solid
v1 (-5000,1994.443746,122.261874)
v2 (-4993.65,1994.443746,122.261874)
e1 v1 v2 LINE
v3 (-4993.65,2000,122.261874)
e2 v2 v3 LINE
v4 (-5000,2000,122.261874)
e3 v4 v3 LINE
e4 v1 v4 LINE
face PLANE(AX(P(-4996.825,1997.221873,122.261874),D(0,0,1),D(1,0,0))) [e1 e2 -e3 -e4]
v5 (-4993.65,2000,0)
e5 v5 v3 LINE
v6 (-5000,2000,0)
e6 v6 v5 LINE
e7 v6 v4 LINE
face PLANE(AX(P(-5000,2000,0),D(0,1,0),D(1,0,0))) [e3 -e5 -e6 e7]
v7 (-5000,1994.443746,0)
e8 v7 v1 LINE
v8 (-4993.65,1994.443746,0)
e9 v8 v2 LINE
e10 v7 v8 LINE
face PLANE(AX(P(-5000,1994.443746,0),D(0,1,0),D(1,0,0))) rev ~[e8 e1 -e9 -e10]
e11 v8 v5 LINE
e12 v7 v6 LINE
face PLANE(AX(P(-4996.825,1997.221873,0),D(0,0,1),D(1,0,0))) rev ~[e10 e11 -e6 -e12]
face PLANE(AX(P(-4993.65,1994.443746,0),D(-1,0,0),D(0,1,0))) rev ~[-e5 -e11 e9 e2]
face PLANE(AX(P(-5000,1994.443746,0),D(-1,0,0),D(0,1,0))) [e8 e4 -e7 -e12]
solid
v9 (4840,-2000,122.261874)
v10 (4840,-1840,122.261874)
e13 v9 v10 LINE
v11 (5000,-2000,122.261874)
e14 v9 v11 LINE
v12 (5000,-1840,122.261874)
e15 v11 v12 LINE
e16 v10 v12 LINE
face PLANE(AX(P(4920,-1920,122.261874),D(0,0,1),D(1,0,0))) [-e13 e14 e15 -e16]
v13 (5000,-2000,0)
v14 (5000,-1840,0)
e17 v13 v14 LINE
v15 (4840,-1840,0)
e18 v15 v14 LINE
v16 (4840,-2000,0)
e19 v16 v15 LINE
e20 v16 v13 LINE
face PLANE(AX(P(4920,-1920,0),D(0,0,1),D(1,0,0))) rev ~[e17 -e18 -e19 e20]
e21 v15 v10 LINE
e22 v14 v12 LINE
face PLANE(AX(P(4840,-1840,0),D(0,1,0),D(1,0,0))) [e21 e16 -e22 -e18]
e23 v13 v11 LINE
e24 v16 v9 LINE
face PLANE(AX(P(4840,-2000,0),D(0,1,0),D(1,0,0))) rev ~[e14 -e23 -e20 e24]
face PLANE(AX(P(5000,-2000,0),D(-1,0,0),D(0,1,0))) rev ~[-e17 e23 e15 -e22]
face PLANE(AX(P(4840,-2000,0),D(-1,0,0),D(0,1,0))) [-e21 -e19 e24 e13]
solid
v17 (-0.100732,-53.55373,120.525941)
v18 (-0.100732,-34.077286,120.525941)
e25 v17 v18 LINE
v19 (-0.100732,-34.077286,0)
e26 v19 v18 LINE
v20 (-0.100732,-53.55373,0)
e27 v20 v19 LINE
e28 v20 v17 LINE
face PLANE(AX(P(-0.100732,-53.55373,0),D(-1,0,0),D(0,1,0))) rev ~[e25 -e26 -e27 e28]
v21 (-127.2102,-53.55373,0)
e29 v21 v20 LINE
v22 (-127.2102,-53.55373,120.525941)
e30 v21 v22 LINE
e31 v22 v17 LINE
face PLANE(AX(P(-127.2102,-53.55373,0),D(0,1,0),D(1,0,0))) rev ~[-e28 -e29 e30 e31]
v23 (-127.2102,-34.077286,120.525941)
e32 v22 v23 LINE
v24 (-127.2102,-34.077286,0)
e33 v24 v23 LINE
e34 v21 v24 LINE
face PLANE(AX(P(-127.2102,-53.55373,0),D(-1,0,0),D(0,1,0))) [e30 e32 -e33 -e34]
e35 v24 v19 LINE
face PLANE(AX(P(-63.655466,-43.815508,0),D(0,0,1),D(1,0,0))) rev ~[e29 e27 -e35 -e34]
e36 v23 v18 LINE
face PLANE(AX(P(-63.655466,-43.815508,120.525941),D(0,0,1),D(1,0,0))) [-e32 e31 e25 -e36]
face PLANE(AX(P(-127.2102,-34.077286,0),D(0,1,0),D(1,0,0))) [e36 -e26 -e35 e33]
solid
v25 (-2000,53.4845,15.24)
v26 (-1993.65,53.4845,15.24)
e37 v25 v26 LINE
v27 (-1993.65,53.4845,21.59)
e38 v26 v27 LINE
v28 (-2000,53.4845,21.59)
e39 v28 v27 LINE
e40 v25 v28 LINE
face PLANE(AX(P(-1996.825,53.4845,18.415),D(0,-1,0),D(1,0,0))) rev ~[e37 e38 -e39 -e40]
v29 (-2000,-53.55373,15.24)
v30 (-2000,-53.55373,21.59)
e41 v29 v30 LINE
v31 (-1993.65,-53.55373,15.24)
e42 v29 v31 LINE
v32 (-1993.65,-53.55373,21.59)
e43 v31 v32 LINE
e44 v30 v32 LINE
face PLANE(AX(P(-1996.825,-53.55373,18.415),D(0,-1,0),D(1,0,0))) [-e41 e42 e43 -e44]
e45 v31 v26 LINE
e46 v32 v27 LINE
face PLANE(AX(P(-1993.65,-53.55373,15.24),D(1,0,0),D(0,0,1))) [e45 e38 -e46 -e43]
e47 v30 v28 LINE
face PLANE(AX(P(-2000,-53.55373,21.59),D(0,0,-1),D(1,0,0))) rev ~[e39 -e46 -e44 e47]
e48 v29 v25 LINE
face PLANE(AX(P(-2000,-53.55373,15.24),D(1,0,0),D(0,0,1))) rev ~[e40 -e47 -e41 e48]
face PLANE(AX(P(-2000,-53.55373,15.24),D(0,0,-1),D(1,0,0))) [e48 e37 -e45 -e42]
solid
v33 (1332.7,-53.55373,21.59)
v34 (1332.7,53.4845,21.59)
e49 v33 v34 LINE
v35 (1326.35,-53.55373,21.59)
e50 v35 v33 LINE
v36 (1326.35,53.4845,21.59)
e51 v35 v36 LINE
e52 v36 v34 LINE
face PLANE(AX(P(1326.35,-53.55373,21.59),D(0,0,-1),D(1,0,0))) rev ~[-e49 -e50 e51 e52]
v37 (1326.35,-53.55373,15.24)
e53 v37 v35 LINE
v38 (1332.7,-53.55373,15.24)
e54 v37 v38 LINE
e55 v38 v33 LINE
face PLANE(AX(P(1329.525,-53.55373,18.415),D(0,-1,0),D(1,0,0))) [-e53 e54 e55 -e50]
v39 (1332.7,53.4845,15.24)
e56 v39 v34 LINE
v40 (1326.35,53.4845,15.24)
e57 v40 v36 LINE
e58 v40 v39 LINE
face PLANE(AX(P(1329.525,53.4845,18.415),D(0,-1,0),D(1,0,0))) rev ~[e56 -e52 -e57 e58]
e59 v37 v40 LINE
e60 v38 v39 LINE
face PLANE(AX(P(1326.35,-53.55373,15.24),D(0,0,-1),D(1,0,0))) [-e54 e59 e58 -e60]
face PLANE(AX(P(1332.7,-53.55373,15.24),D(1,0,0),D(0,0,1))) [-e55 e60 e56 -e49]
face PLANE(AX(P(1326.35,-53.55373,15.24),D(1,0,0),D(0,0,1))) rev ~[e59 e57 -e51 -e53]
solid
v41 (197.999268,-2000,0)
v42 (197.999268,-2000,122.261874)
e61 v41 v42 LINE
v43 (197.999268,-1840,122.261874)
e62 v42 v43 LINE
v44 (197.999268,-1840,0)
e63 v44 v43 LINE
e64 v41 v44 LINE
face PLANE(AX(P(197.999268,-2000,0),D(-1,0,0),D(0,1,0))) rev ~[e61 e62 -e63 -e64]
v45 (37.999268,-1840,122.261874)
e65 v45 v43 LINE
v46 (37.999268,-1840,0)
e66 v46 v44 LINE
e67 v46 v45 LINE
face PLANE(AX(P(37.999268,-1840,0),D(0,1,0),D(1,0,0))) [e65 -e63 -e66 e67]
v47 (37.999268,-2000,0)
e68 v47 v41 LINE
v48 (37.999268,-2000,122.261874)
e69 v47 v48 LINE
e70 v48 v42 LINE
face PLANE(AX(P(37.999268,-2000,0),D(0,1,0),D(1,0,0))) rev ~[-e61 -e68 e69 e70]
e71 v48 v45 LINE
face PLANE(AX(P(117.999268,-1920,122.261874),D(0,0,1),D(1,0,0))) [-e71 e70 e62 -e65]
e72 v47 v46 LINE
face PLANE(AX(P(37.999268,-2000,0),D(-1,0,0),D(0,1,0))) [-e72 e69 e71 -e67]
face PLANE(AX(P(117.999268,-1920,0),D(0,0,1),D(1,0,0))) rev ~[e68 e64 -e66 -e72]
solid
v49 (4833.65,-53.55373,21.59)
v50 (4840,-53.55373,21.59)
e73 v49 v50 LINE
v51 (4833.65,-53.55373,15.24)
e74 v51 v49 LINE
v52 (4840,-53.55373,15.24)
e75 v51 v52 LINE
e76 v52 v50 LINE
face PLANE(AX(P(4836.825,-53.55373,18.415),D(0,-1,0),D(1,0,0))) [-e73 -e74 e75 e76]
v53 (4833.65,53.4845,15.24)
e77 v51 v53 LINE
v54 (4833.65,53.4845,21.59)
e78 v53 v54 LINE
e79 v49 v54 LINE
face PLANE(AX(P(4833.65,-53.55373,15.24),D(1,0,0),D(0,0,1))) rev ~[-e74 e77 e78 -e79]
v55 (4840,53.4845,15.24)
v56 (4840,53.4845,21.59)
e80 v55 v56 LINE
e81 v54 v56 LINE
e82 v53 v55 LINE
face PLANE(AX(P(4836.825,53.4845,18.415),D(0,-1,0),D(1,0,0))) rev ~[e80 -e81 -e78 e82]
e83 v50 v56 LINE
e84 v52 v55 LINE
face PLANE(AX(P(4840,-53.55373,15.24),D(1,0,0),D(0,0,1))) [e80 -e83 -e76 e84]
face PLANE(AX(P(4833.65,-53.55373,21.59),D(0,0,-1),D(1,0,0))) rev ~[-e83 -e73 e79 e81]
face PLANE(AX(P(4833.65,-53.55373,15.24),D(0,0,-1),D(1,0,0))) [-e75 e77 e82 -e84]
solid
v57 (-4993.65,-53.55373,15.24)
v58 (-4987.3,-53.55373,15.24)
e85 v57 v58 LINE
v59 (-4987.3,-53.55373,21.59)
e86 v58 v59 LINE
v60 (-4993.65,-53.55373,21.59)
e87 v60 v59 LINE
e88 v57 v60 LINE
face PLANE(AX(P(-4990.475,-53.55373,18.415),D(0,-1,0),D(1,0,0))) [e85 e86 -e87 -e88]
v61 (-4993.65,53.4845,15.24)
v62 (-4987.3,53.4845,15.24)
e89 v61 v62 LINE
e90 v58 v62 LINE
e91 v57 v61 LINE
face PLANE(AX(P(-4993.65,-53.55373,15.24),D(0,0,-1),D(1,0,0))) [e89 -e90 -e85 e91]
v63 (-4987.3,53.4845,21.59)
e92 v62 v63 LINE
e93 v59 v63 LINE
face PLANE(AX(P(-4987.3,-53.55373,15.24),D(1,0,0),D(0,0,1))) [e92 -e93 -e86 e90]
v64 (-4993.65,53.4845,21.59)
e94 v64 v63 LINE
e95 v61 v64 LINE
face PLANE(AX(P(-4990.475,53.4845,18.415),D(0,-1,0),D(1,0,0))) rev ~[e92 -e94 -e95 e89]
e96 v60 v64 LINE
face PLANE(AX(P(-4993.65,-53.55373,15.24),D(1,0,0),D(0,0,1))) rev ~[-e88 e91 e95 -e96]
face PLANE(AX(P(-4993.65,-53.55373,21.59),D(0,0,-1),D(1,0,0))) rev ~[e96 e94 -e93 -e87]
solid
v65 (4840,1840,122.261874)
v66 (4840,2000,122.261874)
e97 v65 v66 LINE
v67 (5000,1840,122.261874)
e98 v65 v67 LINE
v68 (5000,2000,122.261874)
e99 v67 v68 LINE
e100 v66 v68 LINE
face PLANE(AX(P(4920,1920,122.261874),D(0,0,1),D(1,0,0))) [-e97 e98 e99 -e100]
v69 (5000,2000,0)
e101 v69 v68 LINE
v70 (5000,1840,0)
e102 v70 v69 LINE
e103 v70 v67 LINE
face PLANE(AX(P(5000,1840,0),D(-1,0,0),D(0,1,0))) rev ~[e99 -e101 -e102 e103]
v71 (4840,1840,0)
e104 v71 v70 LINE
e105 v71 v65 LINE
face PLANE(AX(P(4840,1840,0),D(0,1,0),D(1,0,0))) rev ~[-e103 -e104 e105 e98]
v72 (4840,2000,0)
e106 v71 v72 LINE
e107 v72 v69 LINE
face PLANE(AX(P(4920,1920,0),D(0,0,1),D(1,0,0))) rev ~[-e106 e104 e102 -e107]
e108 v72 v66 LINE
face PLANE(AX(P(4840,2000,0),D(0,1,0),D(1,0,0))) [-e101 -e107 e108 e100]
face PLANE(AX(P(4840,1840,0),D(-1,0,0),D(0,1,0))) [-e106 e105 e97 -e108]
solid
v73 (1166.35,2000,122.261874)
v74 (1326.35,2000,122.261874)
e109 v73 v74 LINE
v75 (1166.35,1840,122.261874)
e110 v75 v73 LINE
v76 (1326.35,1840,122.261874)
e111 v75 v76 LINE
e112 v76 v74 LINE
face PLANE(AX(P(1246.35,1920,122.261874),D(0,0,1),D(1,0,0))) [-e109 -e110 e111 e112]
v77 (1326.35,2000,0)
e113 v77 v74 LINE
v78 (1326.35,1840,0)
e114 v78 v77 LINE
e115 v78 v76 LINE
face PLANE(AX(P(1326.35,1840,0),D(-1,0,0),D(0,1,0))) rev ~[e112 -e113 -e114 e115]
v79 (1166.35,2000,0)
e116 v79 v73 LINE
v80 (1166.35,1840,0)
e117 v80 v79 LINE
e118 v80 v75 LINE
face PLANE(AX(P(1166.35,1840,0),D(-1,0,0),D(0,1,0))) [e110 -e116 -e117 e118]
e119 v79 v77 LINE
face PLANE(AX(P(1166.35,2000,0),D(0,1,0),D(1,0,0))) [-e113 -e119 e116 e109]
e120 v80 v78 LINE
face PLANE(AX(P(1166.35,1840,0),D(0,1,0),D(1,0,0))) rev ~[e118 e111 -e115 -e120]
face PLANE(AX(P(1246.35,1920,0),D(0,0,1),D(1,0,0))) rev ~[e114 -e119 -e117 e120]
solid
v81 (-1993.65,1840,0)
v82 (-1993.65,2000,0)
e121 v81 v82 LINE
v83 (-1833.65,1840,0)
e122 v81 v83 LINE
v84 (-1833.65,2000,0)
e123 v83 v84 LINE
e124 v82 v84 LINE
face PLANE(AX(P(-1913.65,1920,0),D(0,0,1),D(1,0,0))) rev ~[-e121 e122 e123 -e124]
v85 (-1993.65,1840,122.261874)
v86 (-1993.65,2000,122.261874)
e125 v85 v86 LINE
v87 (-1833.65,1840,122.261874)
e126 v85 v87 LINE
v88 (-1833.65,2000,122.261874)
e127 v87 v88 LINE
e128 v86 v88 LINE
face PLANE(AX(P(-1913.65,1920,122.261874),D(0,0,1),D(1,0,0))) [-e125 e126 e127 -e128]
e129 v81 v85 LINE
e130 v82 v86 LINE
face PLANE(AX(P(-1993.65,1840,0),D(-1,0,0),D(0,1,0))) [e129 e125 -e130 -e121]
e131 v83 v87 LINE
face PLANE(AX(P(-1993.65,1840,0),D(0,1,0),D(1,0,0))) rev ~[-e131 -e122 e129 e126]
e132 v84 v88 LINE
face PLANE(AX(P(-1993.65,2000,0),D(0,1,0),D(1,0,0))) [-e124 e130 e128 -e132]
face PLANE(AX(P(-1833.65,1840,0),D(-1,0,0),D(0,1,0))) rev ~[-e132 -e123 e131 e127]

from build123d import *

# Parameters (mm, degrees)
F1_W     = 127.109468
F1_H     = 19.476443
F2_DEPTH = 120.525941
F3_W     = 6.35
F3_H     = 5.556254
F3_W_2   = 160
F3_H_2   = 160
F4_DEPTH = 122.261874
F5_W     = 6.35
F5_H     = 6.35
F6_DEPTH = 107.03823


with BuildPart() as f2:
    # F1 (on Top) → F2 (new body)
    with BuildSketch(Plane.XY):
        with Locations((-63.655466, -43.815508)):
            Rectangle(F1_W, F1_H)
    extrude(amount=F2_DEPTH)


with BuildPart() as f4:
    # F3 (on Top) → F4 (new body)
    with BuildSketch(Plane.XY):
        with Locations((-4996.825, 1997.221873)):
            Rectangle(F3_W, F3_H)
        with Locations((-1913.65, 1920)):
            Rectangle(F3_W_2, F3_H_2)
        with Locations((1246.35, 1920)):
            Rectangle(F3_W_2, F3_H_2)
        with Locations((4920, 1920)):
            Rectangle(F3_W_2, F3_H_2)
        with Locations((4920, -1920)):
            Rectangle(F3_W_2, F3_H_2)
        with Locations((117.999268, -1920)):
            Rectangle(F3_W_2, F3_H_2)
    extrude(amount=F4_DEPTH)


with BuildPart() as f6:
    # F5 (on face) → F6 (new body)
    with BuildSketch(Plane.XZ.offset(53.55373)):
        with Locations((4836.825, 18.415)):
            Rectangle(F5_W, F5_H)
        with Locations((1329.525, 18.415)):
            Rectangle(F5_W, F5_H)
        with Locations((-1996.825, 18.415)):
            Rectangle(F5_W, F5_H)
        with Locations((-4990.475, 18.415)):
            Rectangle(F5_W, F5_H)
    extrude(amount=-F6_DEPTH)


solid = Compound([f2.part, f4.part, f6.part])
